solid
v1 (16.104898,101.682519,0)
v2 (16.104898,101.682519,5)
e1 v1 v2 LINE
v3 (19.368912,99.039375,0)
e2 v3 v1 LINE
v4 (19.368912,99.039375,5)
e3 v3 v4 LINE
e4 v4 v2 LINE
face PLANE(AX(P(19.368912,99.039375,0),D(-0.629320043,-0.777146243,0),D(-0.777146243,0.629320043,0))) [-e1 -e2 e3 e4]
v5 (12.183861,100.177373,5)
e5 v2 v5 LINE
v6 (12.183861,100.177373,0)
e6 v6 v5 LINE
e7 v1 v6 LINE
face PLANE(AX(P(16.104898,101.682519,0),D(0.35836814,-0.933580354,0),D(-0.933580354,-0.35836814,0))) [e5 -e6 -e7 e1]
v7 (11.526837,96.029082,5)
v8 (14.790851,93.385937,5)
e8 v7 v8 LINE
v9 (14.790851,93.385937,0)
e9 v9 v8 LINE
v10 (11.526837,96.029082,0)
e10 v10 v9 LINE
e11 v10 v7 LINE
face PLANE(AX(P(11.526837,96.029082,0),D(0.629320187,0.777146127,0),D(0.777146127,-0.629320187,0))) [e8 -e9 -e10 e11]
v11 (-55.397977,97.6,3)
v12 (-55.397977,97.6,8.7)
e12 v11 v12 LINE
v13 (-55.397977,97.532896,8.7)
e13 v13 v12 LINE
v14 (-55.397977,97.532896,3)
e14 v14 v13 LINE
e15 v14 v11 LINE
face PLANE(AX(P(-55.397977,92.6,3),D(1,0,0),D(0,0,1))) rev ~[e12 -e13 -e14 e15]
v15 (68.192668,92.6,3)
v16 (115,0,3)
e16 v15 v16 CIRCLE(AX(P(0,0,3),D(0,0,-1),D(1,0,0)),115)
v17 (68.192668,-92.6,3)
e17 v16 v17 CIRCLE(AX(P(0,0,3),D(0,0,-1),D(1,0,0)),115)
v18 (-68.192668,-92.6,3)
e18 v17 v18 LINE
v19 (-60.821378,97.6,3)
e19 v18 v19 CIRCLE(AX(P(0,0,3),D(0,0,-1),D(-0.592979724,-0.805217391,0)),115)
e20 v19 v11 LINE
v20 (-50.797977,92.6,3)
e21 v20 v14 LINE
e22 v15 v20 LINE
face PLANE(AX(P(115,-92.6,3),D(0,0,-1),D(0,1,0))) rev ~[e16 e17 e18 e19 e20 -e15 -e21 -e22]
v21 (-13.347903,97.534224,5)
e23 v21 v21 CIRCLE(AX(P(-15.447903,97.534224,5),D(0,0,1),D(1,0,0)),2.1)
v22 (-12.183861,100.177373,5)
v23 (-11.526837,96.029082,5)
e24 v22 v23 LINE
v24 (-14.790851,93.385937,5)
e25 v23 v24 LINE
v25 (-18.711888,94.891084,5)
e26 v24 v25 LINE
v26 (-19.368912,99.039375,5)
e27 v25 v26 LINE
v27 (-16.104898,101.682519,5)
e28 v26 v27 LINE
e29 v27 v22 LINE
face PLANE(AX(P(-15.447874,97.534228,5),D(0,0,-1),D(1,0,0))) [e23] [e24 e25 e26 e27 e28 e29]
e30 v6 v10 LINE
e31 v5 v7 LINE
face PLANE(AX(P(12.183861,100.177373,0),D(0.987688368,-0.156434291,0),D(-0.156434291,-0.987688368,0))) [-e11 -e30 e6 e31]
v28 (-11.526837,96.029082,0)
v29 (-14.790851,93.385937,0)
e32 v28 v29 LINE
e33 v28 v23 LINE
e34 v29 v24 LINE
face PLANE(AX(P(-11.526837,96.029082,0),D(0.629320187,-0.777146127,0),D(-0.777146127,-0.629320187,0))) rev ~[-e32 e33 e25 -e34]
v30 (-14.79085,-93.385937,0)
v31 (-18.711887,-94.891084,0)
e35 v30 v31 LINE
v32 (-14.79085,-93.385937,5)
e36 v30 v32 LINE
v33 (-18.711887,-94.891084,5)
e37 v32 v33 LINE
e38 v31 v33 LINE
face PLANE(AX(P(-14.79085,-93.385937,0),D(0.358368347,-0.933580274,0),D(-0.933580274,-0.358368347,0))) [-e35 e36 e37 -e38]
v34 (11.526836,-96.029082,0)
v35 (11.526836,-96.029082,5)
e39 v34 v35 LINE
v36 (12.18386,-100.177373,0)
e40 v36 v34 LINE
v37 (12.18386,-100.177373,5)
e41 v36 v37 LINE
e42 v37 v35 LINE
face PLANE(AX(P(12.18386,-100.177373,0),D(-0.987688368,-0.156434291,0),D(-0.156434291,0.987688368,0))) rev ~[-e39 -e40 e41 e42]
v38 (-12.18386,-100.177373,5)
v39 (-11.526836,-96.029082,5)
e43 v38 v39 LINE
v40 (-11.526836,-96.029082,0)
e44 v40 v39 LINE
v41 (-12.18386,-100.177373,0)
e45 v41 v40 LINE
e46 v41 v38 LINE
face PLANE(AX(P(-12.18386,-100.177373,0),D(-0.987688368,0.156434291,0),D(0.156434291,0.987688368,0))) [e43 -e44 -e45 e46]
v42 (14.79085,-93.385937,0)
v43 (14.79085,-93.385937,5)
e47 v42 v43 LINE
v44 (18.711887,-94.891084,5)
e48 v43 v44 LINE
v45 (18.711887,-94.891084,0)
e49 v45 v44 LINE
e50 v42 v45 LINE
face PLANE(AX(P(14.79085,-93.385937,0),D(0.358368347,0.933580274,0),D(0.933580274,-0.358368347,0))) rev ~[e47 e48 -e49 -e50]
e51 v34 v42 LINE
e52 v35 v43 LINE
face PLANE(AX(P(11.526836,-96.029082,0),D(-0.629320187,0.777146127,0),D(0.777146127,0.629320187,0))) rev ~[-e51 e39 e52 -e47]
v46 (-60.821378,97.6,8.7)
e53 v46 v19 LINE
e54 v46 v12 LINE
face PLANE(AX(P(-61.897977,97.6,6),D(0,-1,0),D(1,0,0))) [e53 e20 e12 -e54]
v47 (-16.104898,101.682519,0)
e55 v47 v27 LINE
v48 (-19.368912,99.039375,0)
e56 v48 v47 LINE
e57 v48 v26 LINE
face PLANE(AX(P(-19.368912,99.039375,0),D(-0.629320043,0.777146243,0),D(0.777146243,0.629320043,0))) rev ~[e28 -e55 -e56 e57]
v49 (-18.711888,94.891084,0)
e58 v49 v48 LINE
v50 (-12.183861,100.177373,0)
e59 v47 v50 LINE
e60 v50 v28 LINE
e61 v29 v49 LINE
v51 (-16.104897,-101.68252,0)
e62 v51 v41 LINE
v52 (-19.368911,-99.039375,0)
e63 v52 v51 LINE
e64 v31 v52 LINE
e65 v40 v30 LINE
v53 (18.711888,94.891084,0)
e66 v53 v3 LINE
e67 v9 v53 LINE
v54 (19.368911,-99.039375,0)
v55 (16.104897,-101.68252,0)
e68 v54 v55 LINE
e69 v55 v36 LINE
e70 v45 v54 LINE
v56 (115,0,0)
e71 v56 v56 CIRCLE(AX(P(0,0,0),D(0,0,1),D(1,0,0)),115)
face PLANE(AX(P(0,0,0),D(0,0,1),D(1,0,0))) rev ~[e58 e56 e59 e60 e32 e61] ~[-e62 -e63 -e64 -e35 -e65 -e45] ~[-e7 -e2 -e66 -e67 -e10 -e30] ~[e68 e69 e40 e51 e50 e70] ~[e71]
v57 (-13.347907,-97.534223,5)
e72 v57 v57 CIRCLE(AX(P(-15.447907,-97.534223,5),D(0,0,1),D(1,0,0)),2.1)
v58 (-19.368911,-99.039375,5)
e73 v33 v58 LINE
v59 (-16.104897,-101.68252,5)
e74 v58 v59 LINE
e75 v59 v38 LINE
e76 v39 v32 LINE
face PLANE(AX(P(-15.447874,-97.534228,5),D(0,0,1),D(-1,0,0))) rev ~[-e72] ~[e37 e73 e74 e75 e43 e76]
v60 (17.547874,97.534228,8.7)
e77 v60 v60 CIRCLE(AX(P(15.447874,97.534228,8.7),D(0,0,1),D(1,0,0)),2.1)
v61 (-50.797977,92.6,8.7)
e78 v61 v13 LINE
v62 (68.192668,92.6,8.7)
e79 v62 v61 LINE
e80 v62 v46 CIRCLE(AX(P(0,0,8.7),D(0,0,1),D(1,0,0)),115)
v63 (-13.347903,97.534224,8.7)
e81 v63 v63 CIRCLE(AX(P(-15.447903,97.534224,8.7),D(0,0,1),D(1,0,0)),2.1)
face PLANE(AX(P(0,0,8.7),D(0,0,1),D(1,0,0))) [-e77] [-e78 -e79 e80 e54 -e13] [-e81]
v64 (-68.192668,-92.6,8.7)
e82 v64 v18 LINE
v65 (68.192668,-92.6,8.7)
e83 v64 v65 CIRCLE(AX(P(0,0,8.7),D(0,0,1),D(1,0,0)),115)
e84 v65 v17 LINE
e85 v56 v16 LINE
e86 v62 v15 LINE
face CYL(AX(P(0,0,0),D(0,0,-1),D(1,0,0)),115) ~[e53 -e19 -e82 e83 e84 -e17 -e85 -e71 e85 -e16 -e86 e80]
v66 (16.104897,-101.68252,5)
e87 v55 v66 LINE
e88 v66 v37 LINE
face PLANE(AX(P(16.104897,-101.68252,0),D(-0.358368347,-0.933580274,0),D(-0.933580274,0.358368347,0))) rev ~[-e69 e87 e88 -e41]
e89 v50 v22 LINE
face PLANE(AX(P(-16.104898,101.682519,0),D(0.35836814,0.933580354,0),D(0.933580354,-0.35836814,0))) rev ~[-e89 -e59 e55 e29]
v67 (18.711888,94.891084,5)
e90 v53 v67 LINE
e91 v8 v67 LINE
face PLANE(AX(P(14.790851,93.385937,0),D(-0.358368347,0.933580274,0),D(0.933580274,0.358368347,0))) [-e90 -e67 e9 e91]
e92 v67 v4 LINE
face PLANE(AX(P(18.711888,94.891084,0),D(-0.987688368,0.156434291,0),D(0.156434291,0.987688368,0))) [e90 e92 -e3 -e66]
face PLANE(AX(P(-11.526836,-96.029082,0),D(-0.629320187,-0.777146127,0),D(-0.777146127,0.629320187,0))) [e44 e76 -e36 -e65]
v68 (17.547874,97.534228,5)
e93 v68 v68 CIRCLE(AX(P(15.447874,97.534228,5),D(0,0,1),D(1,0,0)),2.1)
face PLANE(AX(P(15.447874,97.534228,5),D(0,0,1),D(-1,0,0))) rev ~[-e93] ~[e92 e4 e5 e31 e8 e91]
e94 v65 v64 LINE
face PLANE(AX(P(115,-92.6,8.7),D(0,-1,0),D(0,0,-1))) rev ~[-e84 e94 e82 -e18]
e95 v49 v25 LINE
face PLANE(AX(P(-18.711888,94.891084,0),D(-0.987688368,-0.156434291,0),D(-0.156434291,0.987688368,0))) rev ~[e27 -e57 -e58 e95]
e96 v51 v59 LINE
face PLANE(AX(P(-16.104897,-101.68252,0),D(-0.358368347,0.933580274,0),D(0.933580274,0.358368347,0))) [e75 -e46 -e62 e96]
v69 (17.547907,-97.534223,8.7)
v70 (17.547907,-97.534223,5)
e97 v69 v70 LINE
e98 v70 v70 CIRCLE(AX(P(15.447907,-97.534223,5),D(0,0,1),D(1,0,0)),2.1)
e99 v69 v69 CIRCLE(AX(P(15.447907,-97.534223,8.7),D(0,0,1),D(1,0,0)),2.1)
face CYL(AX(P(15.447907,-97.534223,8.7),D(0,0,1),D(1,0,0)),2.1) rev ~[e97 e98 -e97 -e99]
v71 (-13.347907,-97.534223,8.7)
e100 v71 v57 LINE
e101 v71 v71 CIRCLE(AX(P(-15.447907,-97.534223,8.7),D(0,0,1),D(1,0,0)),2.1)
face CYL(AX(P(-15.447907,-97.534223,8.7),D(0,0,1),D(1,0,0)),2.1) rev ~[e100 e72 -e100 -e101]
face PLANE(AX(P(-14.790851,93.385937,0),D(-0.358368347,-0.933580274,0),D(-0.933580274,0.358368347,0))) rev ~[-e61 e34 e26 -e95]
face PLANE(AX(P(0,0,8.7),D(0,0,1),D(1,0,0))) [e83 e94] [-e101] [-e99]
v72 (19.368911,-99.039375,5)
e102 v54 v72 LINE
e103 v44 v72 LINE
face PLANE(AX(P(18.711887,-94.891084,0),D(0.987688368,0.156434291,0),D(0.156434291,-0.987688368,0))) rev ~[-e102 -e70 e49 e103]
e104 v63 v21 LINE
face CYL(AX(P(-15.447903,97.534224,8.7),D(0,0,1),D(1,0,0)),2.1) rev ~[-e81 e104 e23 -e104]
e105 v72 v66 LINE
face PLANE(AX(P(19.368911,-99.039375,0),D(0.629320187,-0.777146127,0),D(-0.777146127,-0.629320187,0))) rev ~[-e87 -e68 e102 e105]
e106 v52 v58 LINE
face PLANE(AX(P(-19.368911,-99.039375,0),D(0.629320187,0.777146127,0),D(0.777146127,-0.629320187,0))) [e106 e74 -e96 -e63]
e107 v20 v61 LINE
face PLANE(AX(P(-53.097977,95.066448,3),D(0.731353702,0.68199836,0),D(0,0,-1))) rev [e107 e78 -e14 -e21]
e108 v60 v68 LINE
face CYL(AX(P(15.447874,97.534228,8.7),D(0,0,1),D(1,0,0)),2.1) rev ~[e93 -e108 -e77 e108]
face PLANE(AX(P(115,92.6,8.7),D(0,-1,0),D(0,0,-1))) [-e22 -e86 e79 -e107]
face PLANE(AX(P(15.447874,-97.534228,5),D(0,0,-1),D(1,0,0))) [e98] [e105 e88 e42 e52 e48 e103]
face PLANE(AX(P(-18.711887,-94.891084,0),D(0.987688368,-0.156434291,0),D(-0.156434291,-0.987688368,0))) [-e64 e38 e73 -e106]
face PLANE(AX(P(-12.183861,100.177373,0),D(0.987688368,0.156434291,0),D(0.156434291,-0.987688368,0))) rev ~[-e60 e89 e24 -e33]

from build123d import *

# Parameters (mm, degrees)
SKETCH002_R      = 115
PAD001_DEPTH     = 8.7
SKETCH005_W      = 5.7
SKETCH005_H      = 185.2
POCKET_DEPTH     = 257
SKETCH016_W      = 13
SKETCH016_H      = 6
POCKET004_DEPTH  = 5
CHAMFER001_ANGLE = 47
CHAMFER001_SIZE  = 4.6
SKETCH018_R      = 2.1
POCKET005_DEPTH  = 10
SKETCH019_R      = 2.1
POCKET006_DEPTH  = 10
POCKET007_DEPTH  = 5


with BuildPart() as part:
    # Sketch002 → Pad001 (new body)
    with BuildSketch(Plane.XY):
        Circle(SKETCH002_R)
    extrude(amount=PAD001_DEPTH)

    # Sketch005 (on DatumPlane) → Pocket (cut)
    with BuildSketch(Plane(origin=(115, 0, 4.35), x_dir=(0, 0, -1), z_dir=(1, 0, 0))):
        with Locations((-1.5, 0)):
            Rectangle(SKETCH005_W, SKETCH005_H)
    extrude(amount=-POCKET_DEPTH, mode=Mode.SUBTRACT)

    # Sketch016 (on Face6 of Pocket) → Pocket004 (cut)
    with BuildSketch(Plane.XZ.offset(-92.6)):
        with Locations((-61.897977, 6)):
            Rectangle(SKETCH016_W, SKETCH016_H)
    extrude(amount=-POCKET004_DEPTH, mode=Mode.SUBTRACT)

    # Chamfer001
    chamfer001_edges = [part.edges().sort_by_distance(p)[0] for p in [
        (-55.397977, 92.6, 5.85),
    ]]
    chamfer001_side = part.faces().sort_by_distance((6.397346, 92.6, 5.85))[0]
    chamfer(chamfer001_edges, length=CHAMFER001_SIZE, angle=CHAMFER001_ANGLE, reference=chamfer001_side)

    # Sketch018 (on Face1 of Chamfer001) → Pocket005 (cut)
    with BuildSketch(Plane.XY.offset(8.7)):
        with Locations((15.447874, 97.534228)):
            Circle(SKETCH018_R)
        with Locations((-15.447903, 97.534224)):
            Circle(SKETCH018_R)
    extrude(amount=-POCKET005_DEPTH, mode=Mode.SUBTRACT)

    # Sketch019 (on Face11 of Pocket005) → Pocket006 (cut)
    with BuildSketch(Plane.XY.offset(8.7)):
        with Locations((-15.447907, -97.534223)):
            Circle(SKETCH019_R)
        with Locations((15.447907, -97.534223)):
            Circle(SKETCH019_R)
    extrude(amount=-POCKET006_DEPTH, mode=Mode.SUBTRACT)

    # Sketch020 (on Face12 of Pocket006) → Pocket007 (cut)
    with BuildSketch(Plane(origin=(0, 0, 0), x_dir=(1, 0, 0), z_dir=(0, 0, -1))):
        Polygon((14.79085, 93.385937), (18.711887, 94.891084), (19.368911, 99.039375), (16.104897, 101.68252), (12.18386, 100.177373), (11.526836, 96.029082), align=None)
        Polygon((14.790851, -93.385937), (18.711888, -94.891084), (19.368912, -99.039375), (16.104898, -101.682519), (12.183861, -100.177373), (11.526837, -96.029082), align=None)
        Polygon((-14.79085, 93.385937), (-18.711887, 94.891084), (-19.368911, 99.039375), (-16.104897, 101.68252), (-12.18386, 100.177373), (-11.526836, 96.029082), align=None)
        Polygon((-14.790851, -93.385937), (-18.711888, -94.891084), (-19.368912, -99.039375), (-16.104898, -101.682519), (-12.183861, -100.177373), (-11.526837, -96.029082), align=None)
    extrude(amount=-POCKET007_DEPTH, mode=Mode.SUBTRACT)


solid = part.part
